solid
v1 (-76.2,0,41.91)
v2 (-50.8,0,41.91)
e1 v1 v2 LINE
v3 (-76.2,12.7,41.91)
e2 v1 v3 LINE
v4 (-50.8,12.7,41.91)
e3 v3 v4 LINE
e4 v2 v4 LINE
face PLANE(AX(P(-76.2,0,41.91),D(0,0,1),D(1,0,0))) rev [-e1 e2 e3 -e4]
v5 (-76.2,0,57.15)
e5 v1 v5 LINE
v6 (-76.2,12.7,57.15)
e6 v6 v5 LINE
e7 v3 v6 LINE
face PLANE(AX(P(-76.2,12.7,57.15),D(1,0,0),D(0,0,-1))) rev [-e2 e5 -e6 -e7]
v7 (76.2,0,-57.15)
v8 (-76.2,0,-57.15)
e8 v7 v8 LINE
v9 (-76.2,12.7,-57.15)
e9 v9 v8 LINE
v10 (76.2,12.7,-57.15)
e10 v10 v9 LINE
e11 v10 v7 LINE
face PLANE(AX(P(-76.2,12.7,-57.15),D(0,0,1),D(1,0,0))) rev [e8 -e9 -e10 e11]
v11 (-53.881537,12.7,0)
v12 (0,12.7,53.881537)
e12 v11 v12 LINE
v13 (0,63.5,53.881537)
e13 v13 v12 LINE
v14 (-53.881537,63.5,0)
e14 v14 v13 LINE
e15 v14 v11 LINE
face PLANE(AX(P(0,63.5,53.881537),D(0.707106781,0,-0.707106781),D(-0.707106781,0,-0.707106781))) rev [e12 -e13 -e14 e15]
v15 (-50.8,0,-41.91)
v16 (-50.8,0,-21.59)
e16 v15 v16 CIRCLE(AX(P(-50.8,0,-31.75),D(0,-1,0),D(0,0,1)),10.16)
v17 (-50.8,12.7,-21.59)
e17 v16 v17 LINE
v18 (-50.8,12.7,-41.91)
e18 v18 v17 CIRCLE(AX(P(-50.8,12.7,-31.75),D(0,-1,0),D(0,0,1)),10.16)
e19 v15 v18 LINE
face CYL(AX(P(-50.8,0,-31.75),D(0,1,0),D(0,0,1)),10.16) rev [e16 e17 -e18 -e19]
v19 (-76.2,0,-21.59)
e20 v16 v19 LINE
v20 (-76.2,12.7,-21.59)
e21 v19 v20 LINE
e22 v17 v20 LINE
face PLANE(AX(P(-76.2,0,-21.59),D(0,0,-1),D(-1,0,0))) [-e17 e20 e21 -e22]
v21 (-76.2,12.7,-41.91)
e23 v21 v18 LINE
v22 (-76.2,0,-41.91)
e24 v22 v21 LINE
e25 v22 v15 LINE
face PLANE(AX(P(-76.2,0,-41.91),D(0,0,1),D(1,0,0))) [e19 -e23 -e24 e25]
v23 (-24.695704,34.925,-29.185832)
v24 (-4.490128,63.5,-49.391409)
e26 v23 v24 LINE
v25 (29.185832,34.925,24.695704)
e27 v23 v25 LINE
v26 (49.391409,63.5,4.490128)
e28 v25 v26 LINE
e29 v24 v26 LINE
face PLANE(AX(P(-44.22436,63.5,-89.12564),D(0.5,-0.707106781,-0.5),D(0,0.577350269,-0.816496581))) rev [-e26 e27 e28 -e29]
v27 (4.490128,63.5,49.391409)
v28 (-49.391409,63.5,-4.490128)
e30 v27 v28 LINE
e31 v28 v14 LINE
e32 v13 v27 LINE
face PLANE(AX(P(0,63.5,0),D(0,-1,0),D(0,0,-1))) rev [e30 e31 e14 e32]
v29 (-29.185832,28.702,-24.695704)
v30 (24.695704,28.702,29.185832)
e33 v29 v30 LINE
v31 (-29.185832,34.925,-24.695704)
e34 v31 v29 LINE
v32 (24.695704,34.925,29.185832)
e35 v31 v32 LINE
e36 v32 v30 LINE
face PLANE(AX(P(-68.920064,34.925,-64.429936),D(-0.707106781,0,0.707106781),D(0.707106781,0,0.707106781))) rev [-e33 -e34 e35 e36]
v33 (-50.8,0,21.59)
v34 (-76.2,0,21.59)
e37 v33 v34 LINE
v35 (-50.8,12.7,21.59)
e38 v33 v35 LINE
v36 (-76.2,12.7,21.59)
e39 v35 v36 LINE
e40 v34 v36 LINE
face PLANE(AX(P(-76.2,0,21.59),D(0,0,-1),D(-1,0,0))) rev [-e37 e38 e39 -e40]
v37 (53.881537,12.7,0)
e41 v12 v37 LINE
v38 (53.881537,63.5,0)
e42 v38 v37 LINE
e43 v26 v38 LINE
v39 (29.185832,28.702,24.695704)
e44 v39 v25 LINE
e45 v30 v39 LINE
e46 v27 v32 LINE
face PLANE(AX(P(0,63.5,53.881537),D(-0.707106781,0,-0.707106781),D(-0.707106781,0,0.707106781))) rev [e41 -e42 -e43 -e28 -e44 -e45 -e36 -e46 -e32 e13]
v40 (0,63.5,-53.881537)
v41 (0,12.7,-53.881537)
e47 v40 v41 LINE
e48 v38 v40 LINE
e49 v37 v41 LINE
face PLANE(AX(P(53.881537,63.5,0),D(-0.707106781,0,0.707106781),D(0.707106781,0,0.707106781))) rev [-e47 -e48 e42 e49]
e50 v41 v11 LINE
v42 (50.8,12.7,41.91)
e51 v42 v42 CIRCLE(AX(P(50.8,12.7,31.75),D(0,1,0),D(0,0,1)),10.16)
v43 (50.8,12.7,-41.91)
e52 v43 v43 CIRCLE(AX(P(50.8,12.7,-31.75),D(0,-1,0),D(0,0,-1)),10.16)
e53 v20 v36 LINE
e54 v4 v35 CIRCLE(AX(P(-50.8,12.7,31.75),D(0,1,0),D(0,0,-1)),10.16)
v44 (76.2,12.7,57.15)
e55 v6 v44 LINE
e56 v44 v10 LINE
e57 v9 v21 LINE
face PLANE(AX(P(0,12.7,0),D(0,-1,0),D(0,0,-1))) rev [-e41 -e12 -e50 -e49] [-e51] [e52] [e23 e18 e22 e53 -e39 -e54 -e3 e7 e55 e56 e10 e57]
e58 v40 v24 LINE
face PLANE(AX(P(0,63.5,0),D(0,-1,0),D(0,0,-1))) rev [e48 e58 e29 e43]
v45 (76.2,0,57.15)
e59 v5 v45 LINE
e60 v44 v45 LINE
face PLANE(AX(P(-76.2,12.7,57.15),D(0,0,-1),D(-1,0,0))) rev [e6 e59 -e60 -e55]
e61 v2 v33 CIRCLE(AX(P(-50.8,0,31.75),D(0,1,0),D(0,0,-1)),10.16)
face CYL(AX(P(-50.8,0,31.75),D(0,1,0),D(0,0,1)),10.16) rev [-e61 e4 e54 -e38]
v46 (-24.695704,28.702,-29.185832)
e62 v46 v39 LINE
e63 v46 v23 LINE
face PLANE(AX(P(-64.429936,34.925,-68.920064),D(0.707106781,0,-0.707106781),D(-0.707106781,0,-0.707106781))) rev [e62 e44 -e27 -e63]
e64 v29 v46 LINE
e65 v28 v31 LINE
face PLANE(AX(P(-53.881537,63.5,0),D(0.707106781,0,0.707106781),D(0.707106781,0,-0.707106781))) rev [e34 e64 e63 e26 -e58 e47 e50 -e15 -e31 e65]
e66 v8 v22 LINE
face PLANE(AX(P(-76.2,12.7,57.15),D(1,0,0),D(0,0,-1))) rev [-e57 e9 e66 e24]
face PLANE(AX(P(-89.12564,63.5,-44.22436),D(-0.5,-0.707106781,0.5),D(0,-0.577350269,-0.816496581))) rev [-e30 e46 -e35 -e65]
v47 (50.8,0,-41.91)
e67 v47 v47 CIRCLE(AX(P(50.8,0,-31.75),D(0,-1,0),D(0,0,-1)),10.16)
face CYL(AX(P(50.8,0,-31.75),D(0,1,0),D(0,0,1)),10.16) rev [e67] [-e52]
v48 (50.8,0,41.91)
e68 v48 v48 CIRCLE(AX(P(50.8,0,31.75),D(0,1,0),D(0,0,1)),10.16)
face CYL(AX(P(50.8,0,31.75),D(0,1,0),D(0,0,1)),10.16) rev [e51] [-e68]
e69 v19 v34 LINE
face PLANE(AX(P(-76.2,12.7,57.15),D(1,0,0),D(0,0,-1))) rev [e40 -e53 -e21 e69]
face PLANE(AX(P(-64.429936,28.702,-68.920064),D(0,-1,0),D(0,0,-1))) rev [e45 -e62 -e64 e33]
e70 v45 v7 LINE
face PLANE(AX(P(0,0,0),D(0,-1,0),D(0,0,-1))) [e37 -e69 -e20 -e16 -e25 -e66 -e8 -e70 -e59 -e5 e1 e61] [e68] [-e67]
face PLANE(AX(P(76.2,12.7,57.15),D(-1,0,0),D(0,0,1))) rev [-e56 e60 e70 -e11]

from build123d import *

# Parameters (mm, degrees)
CROQUIS2_W              = 152.4
CROQUIS2_H              = 114.3
SALIENTE_EXTRUIR1_DEPTH = 12.7
CROQUIS3_R              = 10.16
CORTAR_EXTRUIR2_DEPTH   = 97.092936785
SALIENTE_EXTRUIR2_DEPTH = 50.8
CORTAR_EXTRUIR3_DEPTH   = 148.45007773


with BuildPart() as part:
    # Croquis2 → Saliente-Extruir1 (new body)
    with BuildSketch(Plane(origin=(0, 0, 0), x_dir=(1, 0, 0), z_dir=(0, 1, 0))):
        Rectangle(CROQUIS2_W, CROQUIS2_H)
    extrude(amount=SALIENTE_EXTRUIR1_DEPTH)

    # Croquis3 → Cortar-Extruir2 (cut, through all)
    with BuildSketch(Plane(origin=(0, 12.7, 0), x_dir=(1, 0, 0), z_dir=(0, 1, 0))):
        with Locations(Location((50.8, -31.75, 0), (0, 0, 270))):
            Circle(CROQUIS3_R)
        with BuildLine():
            Line((-76.2, -21.59), (-50.8, -21.59))
            ThreePointArc((-50.8, -21.59), (-40.64, -31.75), (-50.8, -41.91))
            Line((-50.8, -41.91), (-76.2, -41.91))
            Line((-76.2, -41.91), (-76.2, -21.59))
        make_face()
    cortar_extruir2 = extrude(amount=-CORTAR_EXTRUIR2_DEPTH, mode=Mode.SUBTRACT)

    # Simetría2: Cortar-Extruir2 across plane
    add(cortar_extruir2.mirror(Plane.XY), mode=Mode.SUBTRACT)

    # Croquis5 → Saliente-Extruir2 (add)
    with BuildSketch(Plane(origin=(0, 12.7, 0), x_dir=(1, 0, 0), z_dir=(0, 1, 0))):
        Polygon((0, -53.881536726), (53.881536726, 0), (0, 53.881536726), (-53.881536726, 0), align=None)
    extrude(amount=SALIENTE_EXTRUIR2_DEPTH)

    # Croquis7 → Cortar-Extruir3 (cut, through all)
    with BuildSketch(Plane(origin=(26.940768363, 0, 26.940768363), x_dir=(0.7071067811865465, 0, -0.7071067811865487), z_dir=(0.7071067811865487, 0, 0.7071067811865465))):
        Polygon((-31.75, 63.5), (31.75, 63.5), (3.175, 34.925), (3.175, 28.702), (-3.175, 28.702), (-3.175, 34.925), align=None)
    extrude(amount=-CORTAR_EXTRUIR3_DEPTH, mode=Mode.SUBTRACT)


solid = part.part
